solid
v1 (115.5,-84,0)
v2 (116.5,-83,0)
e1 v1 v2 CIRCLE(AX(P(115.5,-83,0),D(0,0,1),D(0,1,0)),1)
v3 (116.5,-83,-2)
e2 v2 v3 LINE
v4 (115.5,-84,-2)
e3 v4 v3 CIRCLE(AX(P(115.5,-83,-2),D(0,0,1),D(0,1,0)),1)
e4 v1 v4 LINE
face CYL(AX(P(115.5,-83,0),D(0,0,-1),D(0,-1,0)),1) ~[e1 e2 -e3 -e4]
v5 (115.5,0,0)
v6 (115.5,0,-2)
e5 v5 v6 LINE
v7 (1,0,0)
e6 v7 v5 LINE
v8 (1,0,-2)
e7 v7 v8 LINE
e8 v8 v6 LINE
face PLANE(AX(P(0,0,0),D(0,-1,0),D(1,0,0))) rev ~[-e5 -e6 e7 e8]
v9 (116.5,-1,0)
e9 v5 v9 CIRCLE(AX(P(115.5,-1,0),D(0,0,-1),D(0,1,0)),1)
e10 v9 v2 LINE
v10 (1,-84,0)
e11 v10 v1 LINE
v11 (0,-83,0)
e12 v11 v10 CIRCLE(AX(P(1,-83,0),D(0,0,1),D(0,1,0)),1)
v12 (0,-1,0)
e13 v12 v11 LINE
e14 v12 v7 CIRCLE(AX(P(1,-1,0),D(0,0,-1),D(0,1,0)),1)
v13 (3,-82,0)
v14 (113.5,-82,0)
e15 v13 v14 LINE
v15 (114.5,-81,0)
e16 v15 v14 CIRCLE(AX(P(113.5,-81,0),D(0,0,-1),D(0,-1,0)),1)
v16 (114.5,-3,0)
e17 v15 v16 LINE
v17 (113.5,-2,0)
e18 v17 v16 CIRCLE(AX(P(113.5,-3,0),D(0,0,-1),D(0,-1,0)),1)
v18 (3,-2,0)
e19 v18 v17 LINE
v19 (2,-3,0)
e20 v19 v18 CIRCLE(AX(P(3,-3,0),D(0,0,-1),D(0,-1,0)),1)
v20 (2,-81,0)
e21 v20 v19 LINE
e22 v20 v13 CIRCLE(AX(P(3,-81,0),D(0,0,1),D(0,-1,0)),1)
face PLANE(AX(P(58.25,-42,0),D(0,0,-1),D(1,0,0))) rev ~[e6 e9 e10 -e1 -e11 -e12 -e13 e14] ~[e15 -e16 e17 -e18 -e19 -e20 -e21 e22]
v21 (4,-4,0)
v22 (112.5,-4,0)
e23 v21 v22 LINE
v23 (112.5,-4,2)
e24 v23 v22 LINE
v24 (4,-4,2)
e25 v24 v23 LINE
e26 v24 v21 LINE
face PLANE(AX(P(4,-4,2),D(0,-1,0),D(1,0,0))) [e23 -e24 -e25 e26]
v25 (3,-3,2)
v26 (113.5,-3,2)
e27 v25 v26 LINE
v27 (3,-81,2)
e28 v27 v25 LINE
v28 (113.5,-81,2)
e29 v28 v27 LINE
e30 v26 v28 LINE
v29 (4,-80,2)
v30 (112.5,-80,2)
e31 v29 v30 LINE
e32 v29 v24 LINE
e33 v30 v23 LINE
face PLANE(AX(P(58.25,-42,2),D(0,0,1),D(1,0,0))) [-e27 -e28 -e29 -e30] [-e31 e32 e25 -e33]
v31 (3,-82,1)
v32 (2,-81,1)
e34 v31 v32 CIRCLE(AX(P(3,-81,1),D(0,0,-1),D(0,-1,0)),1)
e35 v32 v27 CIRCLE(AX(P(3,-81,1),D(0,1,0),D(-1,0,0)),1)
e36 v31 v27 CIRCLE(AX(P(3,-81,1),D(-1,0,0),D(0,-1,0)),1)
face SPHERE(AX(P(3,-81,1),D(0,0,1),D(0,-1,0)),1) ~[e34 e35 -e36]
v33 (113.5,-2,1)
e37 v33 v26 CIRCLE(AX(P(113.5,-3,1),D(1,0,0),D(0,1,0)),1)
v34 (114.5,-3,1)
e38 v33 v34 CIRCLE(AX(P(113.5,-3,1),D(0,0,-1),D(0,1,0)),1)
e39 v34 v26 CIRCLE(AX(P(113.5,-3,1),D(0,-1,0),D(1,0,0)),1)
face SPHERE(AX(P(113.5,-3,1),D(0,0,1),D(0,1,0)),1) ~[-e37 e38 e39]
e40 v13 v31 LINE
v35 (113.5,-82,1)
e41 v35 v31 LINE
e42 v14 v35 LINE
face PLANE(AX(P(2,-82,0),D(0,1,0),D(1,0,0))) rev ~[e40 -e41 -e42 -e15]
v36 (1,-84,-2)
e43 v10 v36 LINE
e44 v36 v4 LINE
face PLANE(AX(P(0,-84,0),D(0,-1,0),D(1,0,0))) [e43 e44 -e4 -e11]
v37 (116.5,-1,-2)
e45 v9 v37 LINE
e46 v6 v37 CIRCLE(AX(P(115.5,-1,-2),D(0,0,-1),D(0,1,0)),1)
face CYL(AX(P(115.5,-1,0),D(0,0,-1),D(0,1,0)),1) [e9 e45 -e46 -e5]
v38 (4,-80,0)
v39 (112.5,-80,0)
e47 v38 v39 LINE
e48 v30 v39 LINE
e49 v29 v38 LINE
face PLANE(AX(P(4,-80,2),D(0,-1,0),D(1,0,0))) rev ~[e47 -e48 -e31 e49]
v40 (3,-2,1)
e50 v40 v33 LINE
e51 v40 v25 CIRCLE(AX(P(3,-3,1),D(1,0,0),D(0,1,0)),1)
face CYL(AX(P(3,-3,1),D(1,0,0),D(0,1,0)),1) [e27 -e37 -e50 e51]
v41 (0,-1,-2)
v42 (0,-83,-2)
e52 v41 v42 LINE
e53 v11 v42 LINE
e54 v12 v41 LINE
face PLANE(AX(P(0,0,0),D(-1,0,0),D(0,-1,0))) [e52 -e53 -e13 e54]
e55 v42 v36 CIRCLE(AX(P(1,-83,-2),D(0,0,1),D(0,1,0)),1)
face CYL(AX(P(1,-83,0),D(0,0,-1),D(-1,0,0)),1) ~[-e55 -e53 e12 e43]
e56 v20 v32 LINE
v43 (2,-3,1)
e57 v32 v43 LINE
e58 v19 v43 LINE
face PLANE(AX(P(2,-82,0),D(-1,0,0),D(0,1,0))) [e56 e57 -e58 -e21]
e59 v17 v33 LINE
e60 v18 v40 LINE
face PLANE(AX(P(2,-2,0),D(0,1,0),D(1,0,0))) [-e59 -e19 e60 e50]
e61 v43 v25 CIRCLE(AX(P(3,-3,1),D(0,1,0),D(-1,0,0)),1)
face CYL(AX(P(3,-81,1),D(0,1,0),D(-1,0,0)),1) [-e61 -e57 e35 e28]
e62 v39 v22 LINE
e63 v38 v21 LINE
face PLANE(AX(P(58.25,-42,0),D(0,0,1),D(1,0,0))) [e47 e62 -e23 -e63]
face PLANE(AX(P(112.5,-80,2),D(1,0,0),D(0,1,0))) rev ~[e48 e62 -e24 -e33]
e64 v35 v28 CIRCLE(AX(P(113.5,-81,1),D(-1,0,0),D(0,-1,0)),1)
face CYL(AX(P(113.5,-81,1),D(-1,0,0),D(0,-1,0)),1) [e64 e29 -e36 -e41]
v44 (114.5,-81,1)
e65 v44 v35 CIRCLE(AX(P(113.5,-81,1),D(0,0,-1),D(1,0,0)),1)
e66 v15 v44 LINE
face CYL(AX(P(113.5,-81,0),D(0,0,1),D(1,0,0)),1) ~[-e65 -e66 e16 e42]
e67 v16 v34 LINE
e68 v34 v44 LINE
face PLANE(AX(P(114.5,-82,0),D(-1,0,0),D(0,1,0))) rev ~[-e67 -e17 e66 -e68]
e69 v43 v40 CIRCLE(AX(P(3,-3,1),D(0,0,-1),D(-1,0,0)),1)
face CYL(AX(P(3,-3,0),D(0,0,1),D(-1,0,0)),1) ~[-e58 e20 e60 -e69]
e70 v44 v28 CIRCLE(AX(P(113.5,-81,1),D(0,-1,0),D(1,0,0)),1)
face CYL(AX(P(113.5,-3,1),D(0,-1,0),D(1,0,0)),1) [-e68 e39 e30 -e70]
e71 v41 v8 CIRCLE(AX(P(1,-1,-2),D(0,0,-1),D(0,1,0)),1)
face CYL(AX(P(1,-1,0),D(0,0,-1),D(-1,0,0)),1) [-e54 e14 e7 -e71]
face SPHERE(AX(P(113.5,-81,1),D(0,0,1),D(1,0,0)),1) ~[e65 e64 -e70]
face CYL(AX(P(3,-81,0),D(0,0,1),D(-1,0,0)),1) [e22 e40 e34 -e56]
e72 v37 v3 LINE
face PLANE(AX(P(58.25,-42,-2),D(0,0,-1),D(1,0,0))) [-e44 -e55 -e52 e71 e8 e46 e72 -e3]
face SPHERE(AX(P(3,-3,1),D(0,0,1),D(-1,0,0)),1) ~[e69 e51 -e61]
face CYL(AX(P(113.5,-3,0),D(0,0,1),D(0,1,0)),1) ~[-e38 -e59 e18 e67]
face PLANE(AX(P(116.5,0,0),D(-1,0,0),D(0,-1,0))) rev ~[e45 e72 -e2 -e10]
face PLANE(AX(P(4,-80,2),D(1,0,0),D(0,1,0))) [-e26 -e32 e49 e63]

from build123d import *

# Parameters (mm, degrees)
SKETCH007_W     = 116.5
SKETCH007_H     = 84
PAD002_DEPTH    = 2
SKETCH008_W     = 112.5
SKETCH008_H     = 80
PAD003_DEPTH    = 2
SKETCH009_W     = 108.5
SKETCH009_H     = 76
POCKET004_DEPTH = 2
FILLET008_R     = 1
FILLET009_R     = 1


with BuildPart() as part:
    # Sketch007 → Pad002 (new body)
    with BuildSketch(Plane(origin=(0, 0, 0), x_dir=(1, 0, 0), z_dir=(0, 0, -1))):
        with Locations((58.25, 42)):
            Rectangle(SKETCH007_W, SKETCH007_H)
    extrude(amount=PAD002_DEPTH)

    # Sketch008 (on Face5 of Pad002) → Pad003 (new body)
    with BuildSketch(Plane.XY):
        with Locations((58.25, -42)):
            Rectangle(SKETCH008_W, SKETCH008_H)
    extrude(amount=PAD003_DEPTH)

    # Sketch009 (on Face11 of Pad003) → Pocket004 (cut)
    with BuildSketch(Plane.XY.offset(2)):
        with Locations((58.25, -42)):
            Rectangle(SKETCH009_W, SKETCH009_H)
    extrude(amount=-POCKET004_DEPTH, mode=Mode.SUBTRACT)

    # Fillet008
    fillet008_edges = [part.edges().sort_by_distance(p)[0] for p in [
        (0, 0, -1),
        (116.5, 0, -1),
        (0, -84, -1),
        (116.5, -84, -1),
        (114.5, -82, 1),
        (2, -82, 1),
        (114.5, -2, 1),
        (2, -2, 1),
    ]]
    fillet(fillet008_edges, radius=FILLET008_R)

    # Fillet009
    fillet009_edges = [part.edges().sort_by_distance(p)[0] for p in [
        (58.25, -2, 2),
    ]]
    fillet(fillet009_edges, radius=FILLET009_R)


solid = part.part
